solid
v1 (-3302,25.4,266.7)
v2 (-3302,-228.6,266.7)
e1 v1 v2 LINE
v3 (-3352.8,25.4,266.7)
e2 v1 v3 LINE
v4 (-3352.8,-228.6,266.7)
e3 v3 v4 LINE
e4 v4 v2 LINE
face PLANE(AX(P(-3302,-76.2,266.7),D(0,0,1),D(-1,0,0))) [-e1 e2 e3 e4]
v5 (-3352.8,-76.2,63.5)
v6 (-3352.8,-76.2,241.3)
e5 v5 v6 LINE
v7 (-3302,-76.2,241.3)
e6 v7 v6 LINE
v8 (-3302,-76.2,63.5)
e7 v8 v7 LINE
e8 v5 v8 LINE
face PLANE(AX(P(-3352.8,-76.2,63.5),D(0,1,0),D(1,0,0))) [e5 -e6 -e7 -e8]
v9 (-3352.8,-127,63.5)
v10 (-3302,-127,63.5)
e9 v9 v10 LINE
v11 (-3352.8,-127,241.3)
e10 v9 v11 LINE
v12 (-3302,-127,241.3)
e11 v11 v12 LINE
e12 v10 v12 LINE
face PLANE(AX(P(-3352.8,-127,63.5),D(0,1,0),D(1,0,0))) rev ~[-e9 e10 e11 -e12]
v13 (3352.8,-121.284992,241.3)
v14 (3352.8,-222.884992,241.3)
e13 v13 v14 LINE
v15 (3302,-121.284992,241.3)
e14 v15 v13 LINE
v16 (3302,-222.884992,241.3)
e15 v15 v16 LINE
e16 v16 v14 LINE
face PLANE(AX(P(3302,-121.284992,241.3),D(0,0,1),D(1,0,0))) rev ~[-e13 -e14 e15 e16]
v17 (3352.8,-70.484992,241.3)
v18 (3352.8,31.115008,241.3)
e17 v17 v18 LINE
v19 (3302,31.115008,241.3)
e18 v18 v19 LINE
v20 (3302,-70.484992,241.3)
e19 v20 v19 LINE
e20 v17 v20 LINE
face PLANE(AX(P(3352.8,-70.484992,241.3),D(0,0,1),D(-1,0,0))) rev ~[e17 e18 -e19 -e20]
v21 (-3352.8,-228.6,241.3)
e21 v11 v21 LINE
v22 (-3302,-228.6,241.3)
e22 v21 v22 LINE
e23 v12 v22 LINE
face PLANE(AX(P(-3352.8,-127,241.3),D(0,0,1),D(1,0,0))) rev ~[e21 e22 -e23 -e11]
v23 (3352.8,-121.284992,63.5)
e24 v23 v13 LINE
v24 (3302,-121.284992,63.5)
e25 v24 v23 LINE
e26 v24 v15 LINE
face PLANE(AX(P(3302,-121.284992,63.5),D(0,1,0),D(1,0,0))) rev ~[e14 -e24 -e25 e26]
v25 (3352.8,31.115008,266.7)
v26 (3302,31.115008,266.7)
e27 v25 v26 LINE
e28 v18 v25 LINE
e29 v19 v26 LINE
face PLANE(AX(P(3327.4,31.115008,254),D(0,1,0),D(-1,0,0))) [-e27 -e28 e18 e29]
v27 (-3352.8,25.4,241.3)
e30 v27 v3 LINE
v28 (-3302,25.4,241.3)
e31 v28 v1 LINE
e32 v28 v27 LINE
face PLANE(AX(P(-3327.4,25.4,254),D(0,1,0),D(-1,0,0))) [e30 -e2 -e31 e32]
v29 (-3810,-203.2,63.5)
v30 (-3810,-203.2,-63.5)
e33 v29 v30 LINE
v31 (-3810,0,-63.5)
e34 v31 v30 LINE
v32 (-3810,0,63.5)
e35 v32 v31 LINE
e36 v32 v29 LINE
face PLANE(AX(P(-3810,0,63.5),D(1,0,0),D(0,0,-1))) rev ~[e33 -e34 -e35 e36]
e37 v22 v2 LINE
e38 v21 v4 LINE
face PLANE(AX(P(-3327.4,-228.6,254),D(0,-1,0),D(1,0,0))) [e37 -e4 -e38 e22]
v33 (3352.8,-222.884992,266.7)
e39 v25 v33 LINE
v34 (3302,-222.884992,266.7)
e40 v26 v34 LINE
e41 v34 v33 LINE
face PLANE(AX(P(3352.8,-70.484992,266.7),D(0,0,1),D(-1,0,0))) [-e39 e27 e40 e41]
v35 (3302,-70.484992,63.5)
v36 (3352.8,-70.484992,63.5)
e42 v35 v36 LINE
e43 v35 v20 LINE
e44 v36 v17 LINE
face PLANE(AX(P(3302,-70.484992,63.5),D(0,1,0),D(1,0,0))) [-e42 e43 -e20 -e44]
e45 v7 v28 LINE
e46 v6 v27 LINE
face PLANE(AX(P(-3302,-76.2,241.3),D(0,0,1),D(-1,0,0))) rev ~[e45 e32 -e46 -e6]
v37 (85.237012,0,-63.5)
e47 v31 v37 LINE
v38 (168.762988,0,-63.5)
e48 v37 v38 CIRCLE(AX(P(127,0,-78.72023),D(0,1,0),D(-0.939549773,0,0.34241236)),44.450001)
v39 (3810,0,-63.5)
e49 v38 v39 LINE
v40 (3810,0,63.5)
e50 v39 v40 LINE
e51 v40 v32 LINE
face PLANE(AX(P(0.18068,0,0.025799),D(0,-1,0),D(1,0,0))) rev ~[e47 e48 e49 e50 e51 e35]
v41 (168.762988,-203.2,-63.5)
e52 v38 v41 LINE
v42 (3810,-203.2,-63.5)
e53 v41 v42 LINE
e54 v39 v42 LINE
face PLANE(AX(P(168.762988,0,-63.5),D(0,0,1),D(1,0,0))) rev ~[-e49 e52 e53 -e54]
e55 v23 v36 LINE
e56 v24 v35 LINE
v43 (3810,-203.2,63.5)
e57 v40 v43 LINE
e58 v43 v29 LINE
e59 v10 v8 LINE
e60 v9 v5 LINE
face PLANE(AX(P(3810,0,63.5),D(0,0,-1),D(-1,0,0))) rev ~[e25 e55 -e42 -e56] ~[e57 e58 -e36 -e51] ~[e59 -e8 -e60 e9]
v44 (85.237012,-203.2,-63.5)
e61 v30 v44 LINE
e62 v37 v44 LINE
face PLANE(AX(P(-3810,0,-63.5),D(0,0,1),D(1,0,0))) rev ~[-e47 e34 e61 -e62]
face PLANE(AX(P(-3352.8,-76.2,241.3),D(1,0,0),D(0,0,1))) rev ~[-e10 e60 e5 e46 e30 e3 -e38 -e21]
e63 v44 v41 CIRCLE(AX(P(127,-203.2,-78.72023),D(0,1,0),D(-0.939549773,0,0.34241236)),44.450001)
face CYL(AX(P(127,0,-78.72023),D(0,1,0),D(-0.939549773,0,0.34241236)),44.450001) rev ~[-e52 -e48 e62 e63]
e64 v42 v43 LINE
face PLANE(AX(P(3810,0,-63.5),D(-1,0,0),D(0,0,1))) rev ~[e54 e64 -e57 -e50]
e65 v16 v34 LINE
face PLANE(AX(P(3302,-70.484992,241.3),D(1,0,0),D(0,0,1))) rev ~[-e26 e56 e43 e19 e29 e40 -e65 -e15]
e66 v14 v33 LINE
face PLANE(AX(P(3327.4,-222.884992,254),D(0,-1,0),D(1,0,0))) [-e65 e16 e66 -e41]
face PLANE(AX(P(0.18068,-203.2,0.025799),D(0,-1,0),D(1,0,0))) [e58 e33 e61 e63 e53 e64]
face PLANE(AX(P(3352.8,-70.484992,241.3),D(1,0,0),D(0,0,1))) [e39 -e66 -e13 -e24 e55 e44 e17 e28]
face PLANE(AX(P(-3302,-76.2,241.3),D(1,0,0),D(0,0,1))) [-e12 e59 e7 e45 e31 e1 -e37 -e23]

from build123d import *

# Parameters (mm, degrees)
F1_DEPTH  = 203.2
F2_W      = 50.8
F2_H      = 50.8
F3_DEPTH  = 203.2
F4_W      = 50.8
F4_H      = 25.4
F5_DEPTH  = 101.6
F6_W      = 50.8
F6_H      = 25.4
F7_DEPTH  = 101.6
F8_W      = 50.8
F8_H      = 25.4
F9_DEPTH  = 101.6
F10_W     = 50.8
F10_H     = 25.4
F11_DEPTH = 101.6


with BuildPart() as f1:
    # F0 (on Front) → F1 (new body)
    with BuildSketch(Plane.XZ):
        with BuildLine():
            Line((3810, -63.5), (3810, 63.5))
            Line((3810, 63.5), (-3810, 63.5))
            Line((-3810, 63.5), (-3810, -63.5))
            Line((-3810, -63.5), (85.237012, -63.5))
            ThreePointArc((85.237012, -63.5), (127, -34.270229), (168.762988, -63.5))
            Line((168.762988, -63.5), (420.722027, -63.5))
            Line((420.722027, -63.5), (493.677973, -63.5))
            Line((493.677973, -63.5), (3810, -63.5))
        make_face()
    extrude(amount=F1_DEPTH)

    # F2 (on face) → F3 (join)
    with BuildSketch(Plane.XY.offset(63.5)):
        with Locations((3327.4, -95.884992)):
            Rectangle(F2_W, F2_H)
        with Locations((-3327.4, -101.6)):
            Rectangle(F2_W, F2_H)
    extrude(amount=F3_DEPTH)

    # F4 (on face) → F5 (join)
    with BuildSketch(Plane.XZ.offset(121.284992)):
        with Locations((3327.4, 254)):
            Rectangle(F4_W, F4_H)
    extrude(amount=F5_DEPTH)

    # F6 (on face) → F7 (join)
    with BuildSketch(Plane(origin=(0, -70.484992, 0), x_dir=(-1, 0, 0), z_dir=(0, 1, 0))):
        with Locations((-3327.4, 254)):
            Rectangle(F6_W, F6_H)
    extrude(amount=F7_DEPTH)

    # F8 (on face) → F9 (join)
    with BuildSketch(Plane.XZ.offset(127)):
        with Locations((-3327.4, 254)):
            Rectangle(F8_W, F8_H)
    extrude(amount=F9_DEPTH)

    # F10 (on face) → F11 (join)
    with BuildSketch(Plane(origin=(0, -76.2, 0), x_dir=(-1, 0, 0), z_dir=(0, 1, 0))):
        with Locations((3327.4, 254)):
            Rectangle(F10_W, F10_H)
    extrude(amount=F11_DEPTH)


solid = f1.part
